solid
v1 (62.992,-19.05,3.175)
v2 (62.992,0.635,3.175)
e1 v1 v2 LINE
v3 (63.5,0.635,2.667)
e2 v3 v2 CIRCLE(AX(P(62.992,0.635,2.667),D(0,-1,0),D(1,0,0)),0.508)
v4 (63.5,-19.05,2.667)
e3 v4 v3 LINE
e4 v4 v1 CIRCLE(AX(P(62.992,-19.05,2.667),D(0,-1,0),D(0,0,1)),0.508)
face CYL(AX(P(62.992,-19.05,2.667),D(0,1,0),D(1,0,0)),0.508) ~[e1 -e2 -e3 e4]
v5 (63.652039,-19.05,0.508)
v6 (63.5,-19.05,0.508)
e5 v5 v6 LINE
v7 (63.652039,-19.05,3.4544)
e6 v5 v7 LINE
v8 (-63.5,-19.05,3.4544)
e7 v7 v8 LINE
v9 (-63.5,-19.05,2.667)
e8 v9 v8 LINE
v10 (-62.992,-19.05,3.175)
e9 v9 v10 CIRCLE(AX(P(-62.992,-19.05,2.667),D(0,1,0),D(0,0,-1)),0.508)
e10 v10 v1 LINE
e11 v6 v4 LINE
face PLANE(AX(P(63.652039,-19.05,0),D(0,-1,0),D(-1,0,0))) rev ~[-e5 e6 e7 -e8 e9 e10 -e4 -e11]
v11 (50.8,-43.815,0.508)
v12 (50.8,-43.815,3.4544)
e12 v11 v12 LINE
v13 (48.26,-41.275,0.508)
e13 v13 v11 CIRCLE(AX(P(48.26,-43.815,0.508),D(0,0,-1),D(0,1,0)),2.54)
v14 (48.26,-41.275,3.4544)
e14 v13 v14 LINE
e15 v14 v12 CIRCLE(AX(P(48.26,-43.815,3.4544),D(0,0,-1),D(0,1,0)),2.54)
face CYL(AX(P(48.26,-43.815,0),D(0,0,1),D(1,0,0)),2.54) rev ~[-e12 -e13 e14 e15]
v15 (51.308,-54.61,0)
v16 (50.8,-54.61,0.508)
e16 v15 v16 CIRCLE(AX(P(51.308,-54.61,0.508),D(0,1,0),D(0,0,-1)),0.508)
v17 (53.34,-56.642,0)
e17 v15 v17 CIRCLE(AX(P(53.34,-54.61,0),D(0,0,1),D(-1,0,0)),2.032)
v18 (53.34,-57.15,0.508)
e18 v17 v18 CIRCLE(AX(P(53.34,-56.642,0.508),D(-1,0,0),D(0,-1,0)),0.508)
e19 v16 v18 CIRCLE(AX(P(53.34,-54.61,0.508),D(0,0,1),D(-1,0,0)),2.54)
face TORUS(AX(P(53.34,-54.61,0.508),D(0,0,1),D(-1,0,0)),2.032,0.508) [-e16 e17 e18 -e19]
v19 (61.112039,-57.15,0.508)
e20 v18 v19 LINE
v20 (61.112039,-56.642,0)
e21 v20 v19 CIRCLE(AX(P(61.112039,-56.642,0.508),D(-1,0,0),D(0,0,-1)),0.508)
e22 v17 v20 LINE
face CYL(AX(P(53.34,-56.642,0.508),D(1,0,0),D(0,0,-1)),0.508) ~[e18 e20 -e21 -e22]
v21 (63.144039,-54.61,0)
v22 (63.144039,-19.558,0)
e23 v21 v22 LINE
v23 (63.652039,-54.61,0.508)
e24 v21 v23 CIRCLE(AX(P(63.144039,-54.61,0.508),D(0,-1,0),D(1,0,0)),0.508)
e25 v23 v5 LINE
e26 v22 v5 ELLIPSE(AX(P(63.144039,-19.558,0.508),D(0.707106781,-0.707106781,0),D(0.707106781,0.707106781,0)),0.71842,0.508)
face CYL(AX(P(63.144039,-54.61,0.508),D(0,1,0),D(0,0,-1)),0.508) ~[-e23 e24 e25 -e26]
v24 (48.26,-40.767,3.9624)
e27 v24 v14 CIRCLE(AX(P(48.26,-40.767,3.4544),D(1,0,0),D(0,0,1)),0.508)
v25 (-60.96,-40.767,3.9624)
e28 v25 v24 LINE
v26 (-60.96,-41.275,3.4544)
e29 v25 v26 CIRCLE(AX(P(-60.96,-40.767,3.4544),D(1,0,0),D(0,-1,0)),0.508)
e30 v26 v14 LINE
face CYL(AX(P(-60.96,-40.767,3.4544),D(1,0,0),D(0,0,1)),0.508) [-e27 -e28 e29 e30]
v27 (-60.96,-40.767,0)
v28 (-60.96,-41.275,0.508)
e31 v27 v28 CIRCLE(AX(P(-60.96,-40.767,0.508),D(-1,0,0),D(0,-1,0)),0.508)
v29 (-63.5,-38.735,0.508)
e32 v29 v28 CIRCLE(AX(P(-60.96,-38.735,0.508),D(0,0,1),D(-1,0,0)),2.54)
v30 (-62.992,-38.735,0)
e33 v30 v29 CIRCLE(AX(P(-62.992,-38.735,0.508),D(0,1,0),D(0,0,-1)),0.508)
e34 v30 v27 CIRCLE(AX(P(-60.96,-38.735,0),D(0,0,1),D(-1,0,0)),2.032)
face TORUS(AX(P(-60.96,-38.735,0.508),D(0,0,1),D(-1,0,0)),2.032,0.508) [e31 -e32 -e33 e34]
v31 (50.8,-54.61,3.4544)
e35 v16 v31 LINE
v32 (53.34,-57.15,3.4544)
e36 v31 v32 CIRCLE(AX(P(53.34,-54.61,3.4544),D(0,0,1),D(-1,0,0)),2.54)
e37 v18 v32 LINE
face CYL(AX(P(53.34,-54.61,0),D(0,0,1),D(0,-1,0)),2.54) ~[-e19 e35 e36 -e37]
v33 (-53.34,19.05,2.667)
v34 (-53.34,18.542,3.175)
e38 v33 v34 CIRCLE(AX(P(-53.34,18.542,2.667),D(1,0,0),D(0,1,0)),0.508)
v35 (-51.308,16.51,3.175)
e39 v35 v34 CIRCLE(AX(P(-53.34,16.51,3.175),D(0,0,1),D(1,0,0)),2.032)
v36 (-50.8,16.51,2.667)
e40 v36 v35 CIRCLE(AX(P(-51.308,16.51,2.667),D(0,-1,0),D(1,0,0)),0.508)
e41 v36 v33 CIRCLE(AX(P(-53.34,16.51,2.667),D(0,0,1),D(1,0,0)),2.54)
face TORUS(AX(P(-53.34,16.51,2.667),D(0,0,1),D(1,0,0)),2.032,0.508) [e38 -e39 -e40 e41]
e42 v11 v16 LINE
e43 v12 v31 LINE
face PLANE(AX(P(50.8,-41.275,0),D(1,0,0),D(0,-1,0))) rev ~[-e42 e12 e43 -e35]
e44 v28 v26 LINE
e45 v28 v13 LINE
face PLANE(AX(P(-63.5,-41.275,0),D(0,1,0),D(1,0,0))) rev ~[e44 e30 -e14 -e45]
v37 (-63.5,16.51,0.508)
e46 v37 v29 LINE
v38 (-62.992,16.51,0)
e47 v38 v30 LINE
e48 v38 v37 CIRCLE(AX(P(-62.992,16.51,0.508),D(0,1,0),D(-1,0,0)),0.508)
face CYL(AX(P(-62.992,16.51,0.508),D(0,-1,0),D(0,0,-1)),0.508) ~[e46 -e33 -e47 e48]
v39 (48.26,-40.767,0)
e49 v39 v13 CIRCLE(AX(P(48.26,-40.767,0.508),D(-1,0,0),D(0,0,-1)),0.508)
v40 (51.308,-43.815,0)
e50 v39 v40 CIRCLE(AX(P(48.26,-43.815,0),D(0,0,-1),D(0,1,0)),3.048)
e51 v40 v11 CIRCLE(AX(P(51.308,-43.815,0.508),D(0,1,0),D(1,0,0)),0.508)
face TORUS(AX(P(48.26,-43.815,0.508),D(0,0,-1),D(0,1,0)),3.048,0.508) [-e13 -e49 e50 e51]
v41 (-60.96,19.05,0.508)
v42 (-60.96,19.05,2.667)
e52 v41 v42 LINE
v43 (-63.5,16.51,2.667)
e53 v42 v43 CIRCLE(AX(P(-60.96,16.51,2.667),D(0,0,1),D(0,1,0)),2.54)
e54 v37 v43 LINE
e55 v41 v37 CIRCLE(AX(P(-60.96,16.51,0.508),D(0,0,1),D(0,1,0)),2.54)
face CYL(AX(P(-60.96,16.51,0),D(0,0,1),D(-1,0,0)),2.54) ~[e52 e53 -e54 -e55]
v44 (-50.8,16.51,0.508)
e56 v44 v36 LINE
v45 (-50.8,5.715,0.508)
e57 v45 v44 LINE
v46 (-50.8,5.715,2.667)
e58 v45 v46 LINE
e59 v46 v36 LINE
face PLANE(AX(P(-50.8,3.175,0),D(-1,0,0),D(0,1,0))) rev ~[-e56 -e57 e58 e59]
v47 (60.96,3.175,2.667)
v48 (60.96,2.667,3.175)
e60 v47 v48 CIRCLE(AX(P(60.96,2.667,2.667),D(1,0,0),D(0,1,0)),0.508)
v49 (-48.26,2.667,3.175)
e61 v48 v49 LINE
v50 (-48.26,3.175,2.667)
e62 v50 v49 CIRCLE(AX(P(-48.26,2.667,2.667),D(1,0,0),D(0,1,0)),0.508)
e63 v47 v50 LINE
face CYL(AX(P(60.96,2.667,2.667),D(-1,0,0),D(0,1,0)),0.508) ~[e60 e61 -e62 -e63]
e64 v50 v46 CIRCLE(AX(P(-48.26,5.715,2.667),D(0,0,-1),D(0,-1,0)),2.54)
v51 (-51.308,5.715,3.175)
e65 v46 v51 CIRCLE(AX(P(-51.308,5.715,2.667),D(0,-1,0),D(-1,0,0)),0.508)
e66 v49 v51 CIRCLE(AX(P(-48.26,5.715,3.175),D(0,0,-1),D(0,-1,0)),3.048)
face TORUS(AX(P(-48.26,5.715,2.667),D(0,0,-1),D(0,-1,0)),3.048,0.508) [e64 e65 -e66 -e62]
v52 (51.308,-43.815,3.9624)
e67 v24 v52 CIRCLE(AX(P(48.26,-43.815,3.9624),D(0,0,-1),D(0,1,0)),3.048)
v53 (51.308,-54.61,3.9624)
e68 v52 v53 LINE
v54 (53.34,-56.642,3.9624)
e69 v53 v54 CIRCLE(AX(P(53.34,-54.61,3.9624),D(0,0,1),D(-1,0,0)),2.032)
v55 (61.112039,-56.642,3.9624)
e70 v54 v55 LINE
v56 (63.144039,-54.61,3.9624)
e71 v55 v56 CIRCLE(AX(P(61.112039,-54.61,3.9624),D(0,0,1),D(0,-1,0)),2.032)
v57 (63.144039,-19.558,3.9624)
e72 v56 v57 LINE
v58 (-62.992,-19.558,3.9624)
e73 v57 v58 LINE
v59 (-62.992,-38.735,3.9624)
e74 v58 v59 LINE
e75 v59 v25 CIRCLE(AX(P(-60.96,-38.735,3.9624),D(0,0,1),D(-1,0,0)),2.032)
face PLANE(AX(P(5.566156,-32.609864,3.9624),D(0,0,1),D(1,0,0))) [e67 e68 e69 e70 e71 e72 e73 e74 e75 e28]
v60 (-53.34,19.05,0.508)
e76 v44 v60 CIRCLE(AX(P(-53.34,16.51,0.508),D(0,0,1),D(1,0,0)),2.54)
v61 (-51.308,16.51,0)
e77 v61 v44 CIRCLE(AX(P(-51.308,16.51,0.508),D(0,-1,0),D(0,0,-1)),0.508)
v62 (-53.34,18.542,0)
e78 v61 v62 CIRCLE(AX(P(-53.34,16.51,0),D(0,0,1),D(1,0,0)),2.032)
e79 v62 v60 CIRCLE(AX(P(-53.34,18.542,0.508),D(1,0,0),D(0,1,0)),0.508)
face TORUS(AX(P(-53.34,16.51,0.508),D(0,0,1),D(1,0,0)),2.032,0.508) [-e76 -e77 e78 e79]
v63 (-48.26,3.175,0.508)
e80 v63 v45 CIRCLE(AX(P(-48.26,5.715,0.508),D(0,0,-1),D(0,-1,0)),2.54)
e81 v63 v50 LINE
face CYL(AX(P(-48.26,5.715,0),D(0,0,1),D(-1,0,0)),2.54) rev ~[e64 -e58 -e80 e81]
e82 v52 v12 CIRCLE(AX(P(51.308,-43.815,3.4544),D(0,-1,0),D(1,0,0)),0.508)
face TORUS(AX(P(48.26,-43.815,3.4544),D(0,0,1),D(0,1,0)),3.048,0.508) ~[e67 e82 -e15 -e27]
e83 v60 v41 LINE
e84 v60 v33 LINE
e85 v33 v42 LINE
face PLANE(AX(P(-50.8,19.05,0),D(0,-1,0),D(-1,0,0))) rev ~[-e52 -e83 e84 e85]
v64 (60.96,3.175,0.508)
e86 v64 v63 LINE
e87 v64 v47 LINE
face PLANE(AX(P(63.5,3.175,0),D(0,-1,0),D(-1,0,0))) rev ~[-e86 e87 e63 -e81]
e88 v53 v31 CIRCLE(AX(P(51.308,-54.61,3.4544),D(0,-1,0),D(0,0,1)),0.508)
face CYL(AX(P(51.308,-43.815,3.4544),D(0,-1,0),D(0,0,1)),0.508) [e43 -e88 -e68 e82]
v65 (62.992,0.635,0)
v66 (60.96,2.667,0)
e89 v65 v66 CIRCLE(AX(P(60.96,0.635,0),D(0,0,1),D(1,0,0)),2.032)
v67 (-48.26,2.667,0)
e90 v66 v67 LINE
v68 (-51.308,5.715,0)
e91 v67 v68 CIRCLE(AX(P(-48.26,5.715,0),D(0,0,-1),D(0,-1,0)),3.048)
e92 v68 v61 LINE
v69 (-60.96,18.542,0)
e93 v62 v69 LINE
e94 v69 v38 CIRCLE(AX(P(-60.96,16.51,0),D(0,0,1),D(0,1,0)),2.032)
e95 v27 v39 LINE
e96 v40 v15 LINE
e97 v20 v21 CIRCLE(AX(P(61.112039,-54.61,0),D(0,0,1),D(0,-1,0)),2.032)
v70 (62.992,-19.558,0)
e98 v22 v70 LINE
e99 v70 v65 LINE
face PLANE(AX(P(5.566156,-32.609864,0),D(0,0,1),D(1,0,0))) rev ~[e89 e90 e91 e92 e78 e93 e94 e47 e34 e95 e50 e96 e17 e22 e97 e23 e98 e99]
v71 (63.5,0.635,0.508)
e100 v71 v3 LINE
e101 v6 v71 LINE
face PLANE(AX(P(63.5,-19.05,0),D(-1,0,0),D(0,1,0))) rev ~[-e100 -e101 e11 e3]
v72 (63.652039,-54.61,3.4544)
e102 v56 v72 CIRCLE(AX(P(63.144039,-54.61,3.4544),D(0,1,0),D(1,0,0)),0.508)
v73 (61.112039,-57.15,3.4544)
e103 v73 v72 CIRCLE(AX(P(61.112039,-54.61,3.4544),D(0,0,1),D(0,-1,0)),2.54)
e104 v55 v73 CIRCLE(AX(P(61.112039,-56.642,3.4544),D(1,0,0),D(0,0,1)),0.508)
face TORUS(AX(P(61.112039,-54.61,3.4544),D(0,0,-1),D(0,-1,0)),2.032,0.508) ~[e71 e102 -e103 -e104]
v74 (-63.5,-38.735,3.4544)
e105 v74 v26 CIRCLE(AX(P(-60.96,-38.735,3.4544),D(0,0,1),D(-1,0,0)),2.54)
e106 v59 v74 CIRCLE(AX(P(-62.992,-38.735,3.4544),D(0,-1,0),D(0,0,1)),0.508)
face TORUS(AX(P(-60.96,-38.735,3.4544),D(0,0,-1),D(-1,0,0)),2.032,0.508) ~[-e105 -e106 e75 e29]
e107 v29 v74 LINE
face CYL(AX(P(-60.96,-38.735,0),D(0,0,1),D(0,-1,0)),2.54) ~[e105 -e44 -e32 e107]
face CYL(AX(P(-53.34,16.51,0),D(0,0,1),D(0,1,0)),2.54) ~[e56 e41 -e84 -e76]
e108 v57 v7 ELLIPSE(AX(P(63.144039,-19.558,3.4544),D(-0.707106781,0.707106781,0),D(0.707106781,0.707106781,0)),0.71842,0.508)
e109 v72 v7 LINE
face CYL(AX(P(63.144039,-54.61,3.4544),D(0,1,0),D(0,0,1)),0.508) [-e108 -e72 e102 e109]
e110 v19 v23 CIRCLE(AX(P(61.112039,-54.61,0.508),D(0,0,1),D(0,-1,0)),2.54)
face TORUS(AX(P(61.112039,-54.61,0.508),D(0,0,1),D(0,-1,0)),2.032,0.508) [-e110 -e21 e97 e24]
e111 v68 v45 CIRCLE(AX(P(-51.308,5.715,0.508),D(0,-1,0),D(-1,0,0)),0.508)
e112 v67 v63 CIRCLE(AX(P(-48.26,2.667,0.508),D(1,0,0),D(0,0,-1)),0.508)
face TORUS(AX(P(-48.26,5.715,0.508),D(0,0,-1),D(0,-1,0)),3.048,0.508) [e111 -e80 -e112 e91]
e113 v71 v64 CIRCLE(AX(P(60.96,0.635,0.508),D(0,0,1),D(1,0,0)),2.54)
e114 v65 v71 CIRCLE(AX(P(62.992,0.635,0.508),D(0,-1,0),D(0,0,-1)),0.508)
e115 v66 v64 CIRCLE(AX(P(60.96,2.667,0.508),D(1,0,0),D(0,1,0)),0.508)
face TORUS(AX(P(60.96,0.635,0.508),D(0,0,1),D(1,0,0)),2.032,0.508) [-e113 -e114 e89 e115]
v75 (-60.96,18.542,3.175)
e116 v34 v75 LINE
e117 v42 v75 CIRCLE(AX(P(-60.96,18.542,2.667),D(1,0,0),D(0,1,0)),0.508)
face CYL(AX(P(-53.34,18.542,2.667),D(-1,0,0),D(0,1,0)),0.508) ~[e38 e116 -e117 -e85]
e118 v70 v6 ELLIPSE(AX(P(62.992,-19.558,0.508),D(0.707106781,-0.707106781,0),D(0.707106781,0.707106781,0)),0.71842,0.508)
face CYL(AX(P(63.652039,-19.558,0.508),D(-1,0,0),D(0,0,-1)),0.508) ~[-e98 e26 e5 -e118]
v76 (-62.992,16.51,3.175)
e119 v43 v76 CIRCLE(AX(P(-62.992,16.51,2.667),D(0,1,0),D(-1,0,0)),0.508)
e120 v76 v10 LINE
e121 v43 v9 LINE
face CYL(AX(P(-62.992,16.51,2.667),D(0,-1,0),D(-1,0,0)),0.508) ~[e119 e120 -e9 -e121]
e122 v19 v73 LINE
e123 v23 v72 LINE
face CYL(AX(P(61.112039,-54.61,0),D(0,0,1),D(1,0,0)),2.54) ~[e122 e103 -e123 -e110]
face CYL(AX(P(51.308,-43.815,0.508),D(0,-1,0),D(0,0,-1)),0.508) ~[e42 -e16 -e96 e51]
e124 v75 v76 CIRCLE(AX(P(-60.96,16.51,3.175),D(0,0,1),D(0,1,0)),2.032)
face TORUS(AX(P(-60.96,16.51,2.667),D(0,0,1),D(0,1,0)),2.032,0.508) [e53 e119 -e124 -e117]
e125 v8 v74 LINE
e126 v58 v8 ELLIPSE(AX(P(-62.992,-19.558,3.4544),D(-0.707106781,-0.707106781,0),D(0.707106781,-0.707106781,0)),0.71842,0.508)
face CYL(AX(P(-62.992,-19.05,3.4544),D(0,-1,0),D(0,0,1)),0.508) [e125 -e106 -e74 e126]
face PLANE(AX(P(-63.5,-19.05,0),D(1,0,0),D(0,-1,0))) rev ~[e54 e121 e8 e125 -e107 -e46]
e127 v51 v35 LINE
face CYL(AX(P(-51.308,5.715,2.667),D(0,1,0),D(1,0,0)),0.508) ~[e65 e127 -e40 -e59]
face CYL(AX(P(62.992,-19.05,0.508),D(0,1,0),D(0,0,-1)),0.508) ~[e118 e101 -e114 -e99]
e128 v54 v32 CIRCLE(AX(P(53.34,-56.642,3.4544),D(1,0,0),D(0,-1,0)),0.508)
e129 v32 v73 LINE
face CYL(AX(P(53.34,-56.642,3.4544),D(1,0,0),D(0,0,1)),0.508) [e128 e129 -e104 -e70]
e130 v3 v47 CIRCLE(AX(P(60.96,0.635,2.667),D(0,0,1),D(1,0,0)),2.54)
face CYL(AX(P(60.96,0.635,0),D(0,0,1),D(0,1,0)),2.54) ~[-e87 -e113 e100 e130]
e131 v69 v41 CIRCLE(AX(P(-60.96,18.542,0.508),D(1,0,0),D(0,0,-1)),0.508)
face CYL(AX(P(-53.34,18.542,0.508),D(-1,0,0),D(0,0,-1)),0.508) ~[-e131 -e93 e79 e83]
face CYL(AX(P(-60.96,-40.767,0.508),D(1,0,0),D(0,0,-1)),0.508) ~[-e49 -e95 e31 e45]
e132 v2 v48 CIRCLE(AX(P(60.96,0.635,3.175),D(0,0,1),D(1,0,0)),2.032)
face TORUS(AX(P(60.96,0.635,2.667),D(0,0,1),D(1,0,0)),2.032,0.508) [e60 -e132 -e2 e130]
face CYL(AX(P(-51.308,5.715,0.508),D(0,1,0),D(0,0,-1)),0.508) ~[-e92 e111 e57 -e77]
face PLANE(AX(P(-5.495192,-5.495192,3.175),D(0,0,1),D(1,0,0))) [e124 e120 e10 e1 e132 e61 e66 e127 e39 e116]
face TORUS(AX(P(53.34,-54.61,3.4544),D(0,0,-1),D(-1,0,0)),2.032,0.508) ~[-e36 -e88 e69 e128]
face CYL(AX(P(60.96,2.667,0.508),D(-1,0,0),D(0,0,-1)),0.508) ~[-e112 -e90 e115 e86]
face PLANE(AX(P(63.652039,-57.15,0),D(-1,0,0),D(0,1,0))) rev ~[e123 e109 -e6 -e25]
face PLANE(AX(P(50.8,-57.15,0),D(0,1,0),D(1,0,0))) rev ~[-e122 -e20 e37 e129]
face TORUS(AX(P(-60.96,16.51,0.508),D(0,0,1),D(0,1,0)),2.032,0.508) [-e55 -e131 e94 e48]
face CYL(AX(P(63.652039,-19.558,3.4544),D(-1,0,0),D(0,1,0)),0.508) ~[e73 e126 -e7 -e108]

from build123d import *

# Parameters (mm, degrees)
F1_DEPTH = 3.175
F2_DEPTH = 3.9624
F3_R     = 2.54
F4_R     = 0.508


with BuildPart() as f1:
    # F0 (on Top) → F1 (new body)
    with BuildSketch(Plane.XY):
        Polygon((-63.5, -19.05), (63.5, -19.05), (63.5, 3.175), (-50.8, 3.175), (-50.8, 19.05), (-63.5, 19.05), align=None)
    extrude(amount=F1_DEPTH)

    # F0 (on Top) → F2 (join)
    with BuildSketch(Plane.XY):
        Polygon((63.652039, -19.05), (63.5, -19.05), (-63.5, -19.05), (-63.5, -41.275), (50.8, -41.275), (50.8, -57.15), (63.652039, -57.15), align=None)
    extrude(amount=F2_DEPTH)

    # F3
    f3_edges = [f1.edges().sort_by_distance(p)[0] for p in [
        (-63.5, -41.275, 1.9812),
        (50.8, -41.275, 1.9812),
        (50.8, -57.15, 1.9812),
        (63.652039, -57.15, 1.9812),
        (63.5, 3.175, 1.5875),
        (-50.8, 3.175, 1.5875),
        (-50.8, 19.05, 1.5875),
        (-63.5, 19.05, 1.5875),
    ]]
    fillet(f3_edges, radius=F3_R)

    # F4
    f4_edges = [f1.edges().sort_by_distance(p)[0] for p in [
        (-63.5, -28.8925, 3.9624),
        (-62.756051, -40.531051, 3.9624),
        (0.076019, -19.05, 3.9624),
        (-6.35, -41.275, 3.9624),
        (63.652039, -36.83, 3.9624),
        (50.056051, -42.018949, 3.9624),
        (62.90809, -56.406051, 3.9624),
        (50.8, -49.2125, 3.9624),
        (57.226019, -57.15, 3.9624),
        (51.543949, -56.406051, 3.9624),
        (63.5, -9.2075, 3.175),
        (63.5, -9.2075, 0),
        (62.756051, 2.431051, 0),
        (63.576019, -19.05, 0),
        (6.35, 3.175, 0),
        (63.652039, -36.83, 0),
        (-50.056051, 3.918949, 0),
        (62.90809, -56.406051, 0),
        (-50.8, 11.1125, 0),
        (57.226019, -57.15, 0),
        (-51.543949, 18.306051, 0),
        (51.543949, -56.406051, 0),
        (-57.15, 19.05, 0),
        (50.8, -49.2125, 0),
        (-62.756051, 18.306051, 0),
        (50.056051, -42.018949, 0),
        (-63.5, -11.1125, 0),
        (-6.35, -41.275, 0),
        (-62.756051, -40.531051, 0),
    ]]
    fillet(f4_edges, radius=F4_R)


solid = f1.part
